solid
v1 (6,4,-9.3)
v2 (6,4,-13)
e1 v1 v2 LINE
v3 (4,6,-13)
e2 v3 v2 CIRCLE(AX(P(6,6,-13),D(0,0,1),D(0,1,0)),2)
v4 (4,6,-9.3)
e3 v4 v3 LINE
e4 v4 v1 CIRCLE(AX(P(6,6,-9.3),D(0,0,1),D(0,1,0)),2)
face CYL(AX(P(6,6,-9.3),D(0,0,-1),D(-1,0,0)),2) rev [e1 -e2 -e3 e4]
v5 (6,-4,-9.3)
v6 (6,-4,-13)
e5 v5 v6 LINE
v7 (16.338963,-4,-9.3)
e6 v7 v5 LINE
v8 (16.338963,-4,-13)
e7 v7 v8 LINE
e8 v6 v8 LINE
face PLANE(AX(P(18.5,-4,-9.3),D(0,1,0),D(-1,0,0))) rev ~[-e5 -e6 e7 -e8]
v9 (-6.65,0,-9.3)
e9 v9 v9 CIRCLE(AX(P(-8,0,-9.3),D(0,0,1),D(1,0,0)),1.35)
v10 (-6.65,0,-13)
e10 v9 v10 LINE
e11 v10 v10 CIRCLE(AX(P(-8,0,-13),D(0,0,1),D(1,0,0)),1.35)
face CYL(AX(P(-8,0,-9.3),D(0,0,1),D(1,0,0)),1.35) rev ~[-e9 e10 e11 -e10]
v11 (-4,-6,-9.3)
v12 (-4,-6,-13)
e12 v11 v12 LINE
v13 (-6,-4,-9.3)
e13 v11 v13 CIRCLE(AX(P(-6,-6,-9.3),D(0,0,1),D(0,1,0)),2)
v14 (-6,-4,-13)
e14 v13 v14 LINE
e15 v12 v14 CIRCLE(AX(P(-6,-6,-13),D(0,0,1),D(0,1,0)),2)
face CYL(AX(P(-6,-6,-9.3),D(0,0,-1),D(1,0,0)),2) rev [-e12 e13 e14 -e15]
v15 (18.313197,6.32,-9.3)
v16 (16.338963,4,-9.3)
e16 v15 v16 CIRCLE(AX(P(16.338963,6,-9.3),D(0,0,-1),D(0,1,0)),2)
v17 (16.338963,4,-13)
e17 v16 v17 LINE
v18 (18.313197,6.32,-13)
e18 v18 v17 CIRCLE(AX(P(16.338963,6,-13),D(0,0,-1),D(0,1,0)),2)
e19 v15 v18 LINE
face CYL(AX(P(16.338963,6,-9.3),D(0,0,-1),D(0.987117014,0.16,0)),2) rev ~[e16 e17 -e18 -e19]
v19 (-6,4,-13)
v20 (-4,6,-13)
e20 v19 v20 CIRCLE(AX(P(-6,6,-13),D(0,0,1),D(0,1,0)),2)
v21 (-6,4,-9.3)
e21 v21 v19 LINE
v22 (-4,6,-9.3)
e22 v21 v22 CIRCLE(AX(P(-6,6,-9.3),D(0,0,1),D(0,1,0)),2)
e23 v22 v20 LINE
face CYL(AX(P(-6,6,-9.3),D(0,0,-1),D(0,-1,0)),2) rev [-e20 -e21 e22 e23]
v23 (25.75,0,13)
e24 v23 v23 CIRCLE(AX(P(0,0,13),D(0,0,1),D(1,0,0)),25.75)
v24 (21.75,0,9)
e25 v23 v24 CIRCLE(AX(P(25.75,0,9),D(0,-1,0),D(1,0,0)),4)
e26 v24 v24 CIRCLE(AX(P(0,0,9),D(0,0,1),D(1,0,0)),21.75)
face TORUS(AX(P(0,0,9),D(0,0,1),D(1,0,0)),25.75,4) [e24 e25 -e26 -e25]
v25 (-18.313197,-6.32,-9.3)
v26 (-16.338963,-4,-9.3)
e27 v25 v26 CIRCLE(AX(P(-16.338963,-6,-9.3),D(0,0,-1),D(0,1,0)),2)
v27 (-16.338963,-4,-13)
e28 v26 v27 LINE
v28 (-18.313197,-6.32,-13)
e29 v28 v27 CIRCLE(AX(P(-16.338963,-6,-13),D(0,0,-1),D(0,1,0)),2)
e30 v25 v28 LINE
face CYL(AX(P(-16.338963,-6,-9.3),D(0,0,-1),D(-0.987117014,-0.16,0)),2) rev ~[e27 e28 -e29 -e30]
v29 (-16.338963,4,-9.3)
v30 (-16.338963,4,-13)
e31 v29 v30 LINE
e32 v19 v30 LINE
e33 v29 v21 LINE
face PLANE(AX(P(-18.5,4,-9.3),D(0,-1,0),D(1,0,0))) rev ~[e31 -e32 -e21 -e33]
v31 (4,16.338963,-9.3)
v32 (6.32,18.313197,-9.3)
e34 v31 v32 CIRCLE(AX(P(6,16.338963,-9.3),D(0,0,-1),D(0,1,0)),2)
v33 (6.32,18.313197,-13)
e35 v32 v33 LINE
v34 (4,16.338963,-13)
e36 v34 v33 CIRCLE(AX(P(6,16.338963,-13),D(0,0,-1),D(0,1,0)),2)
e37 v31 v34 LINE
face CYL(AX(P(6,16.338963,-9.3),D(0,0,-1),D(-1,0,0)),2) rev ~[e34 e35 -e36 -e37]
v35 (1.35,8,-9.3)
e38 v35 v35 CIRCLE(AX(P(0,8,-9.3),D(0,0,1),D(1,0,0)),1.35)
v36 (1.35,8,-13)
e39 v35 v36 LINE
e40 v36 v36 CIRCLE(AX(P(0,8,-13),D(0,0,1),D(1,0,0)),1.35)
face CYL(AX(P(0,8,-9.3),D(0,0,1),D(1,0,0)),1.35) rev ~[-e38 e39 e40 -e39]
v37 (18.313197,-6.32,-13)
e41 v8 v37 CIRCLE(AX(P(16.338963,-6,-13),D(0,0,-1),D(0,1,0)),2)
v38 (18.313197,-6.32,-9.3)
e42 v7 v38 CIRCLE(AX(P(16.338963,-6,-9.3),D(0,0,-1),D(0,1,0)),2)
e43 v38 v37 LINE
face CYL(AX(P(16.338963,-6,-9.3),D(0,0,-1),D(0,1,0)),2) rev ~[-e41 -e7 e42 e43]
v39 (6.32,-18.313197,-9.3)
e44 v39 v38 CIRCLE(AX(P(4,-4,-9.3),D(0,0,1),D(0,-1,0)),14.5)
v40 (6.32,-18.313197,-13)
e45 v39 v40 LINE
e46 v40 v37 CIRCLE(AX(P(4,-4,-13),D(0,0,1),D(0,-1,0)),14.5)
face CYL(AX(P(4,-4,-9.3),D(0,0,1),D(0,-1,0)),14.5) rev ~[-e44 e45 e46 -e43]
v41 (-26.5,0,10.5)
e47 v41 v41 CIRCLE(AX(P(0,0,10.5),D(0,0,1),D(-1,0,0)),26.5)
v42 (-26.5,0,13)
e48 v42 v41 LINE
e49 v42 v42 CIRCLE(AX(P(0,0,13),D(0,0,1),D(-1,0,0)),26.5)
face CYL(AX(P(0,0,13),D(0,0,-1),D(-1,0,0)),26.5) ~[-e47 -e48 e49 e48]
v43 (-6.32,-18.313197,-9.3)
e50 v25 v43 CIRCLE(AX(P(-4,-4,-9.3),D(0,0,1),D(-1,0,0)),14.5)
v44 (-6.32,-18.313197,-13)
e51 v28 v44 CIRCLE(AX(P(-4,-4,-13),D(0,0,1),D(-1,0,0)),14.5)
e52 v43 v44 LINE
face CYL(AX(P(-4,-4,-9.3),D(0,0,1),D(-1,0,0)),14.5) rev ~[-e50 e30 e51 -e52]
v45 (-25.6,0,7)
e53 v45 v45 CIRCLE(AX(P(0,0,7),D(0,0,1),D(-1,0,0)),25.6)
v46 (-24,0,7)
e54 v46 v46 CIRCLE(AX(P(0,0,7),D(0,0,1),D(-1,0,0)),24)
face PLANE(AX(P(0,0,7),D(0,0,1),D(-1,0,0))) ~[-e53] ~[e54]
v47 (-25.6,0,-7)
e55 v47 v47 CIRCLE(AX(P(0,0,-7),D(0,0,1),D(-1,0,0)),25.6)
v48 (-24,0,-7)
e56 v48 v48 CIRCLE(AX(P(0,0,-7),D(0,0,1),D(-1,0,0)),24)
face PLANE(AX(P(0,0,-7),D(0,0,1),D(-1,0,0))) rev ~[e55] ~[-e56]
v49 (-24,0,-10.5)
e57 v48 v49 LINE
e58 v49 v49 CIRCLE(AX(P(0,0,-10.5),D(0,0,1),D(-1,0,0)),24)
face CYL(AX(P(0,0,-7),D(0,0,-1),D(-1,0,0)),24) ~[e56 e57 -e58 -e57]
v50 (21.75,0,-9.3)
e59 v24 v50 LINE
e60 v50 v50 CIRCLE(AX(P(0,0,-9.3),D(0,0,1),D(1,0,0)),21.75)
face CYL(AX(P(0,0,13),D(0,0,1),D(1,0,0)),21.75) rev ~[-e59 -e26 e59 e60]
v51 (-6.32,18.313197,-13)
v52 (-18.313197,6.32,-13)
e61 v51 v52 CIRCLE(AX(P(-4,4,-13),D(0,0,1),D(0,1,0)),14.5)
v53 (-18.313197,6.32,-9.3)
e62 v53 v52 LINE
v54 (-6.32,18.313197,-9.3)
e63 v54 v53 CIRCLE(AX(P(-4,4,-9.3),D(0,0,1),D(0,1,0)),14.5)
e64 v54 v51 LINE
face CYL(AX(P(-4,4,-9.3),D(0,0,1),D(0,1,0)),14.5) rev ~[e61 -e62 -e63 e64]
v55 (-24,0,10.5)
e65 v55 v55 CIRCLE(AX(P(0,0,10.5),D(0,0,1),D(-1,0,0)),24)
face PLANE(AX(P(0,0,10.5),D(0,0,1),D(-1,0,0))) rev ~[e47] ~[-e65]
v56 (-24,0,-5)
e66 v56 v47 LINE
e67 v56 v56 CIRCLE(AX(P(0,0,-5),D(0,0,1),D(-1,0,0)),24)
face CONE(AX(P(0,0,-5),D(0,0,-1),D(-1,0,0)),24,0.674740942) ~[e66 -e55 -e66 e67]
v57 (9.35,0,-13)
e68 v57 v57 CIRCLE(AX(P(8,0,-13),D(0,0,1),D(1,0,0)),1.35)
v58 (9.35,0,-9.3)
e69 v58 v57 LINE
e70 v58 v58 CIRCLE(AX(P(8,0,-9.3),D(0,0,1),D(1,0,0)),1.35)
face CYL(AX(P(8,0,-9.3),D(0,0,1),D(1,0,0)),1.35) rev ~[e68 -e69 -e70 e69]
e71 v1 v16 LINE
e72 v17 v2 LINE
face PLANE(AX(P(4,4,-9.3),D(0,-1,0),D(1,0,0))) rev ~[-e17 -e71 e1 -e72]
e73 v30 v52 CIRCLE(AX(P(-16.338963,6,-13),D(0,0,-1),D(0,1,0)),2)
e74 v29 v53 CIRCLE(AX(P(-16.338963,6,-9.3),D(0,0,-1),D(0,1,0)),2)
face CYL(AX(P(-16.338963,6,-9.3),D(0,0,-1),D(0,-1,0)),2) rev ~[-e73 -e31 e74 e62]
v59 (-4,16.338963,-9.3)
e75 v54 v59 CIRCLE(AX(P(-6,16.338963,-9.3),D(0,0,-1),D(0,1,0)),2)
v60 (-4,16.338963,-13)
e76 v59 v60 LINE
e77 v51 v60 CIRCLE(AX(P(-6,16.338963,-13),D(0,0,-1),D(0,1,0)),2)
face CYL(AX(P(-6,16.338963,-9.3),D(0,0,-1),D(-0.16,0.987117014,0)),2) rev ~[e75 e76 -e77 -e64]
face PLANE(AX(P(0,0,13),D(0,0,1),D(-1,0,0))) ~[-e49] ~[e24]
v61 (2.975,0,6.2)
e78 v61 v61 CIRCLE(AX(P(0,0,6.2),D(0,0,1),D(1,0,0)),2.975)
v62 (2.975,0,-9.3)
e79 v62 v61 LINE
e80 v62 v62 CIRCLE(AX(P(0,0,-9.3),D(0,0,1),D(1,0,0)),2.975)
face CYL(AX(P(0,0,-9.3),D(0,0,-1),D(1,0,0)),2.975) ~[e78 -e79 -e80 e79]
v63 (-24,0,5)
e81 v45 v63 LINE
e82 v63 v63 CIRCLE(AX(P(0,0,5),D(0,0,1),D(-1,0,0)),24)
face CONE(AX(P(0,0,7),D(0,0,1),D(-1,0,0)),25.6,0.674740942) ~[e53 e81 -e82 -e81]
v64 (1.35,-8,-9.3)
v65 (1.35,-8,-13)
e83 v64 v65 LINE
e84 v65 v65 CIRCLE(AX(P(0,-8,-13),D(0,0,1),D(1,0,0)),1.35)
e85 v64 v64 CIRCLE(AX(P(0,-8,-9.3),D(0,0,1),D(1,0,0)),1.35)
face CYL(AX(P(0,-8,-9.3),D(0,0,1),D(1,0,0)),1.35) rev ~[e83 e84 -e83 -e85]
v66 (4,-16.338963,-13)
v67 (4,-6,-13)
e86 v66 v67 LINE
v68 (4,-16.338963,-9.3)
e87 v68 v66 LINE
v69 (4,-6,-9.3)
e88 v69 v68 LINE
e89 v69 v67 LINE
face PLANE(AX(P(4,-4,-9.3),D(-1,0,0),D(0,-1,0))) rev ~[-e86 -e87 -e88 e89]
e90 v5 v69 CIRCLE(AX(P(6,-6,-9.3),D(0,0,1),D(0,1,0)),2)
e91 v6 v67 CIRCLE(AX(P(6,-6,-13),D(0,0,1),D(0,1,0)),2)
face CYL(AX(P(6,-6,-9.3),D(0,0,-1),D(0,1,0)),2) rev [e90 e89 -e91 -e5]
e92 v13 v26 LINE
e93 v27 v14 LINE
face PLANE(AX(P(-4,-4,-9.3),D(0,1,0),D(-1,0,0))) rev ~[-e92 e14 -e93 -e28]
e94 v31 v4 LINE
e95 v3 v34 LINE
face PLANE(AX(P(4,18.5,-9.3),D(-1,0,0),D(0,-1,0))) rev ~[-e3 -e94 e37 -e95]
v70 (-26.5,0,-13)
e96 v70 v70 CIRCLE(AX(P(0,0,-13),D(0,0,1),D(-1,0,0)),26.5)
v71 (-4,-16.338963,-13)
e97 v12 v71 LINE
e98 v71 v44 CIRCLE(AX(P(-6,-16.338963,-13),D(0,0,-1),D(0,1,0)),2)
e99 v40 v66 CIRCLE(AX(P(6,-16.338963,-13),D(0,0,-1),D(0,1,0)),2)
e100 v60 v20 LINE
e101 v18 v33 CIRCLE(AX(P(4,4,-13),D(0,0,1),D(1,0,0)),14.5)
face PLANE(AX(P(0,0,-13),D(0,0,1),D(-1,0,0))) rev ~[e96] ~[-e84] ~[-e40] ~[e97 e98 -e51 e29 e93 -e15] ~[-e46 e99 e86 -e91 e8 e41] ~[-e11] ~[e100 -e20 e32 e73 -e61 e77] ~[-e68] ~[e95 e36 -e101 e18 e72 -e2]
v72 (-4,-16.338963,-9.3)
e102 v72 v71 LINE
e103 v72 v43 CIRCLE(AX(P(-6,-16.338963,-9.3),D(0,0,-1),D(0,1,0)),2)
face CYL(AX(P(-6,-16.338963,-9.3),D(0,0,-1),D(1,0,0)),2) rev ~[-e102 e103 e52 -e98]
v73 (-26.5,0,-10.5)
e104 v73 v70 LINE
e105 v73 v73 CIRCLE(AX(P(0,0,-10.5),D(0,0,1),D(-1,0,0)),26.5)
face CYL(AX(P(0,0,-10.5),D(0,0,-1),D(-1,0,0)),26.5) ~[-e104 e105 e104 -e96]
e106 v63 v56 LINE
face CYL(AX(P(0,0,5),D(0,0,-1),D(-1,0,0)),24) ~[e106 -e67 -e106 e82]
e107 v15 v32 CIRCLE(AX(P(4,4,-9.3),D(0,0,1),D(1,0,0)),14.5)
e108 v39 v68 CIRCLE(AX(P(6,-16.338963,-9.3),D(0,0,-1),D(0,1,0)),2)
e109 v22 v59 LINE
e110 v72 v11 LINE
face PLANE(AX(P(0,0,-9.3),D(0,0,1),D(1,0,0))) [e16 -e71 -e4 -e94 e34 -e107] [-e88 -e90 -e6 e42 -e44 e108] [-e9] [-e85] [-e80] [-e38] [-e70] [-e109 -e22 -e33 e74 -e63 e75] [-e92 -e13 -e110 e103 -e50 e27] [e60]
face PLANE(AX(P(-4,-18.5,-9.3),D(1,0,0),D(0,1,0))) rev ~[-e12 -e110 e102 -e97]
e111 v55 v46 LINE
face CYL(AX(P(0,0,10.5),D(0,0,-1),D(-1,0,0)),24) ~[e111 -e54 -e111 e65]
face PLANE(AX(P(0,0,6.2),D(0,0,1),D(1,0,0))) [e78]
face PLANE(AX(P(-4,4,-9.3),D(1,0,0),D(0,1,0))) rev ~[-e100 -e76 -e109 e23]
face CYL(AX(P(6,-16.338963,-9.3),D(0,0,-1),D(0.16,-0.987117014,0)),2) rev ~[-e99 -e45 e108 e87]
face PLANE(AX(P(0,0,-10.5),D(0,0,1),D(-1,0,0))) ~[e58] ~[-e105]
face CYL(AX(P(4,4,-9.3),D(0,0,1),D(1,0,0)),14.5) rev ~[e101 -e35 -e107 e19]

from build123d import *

# Parameters (mm, degrees)
SKETCH_3_R          = 21.75
CUT_EXTRUDE_1_DEPTH = 22.3
FILLET_1_R          = 4
CUT_EXTRUDE_3_REACH = 45.61
SKETCH_4_R          = 1.35
SKETCH_6_R          = 2.975
EXTRUDE_2_DEPTH     = 15.5
FILLET_2_R          = 2


with BuildPart() as part:
    # 草图1 → 旋转1 (revolve)
    with BuildSketch(Plane(origin=(0, 0, 0), x_dir=(0, 0, -1), z_dir=(1, 0, 0))):
        Polygon((-5, 24), (5, 24), (7, 25.6), (7, 24), (10.5, 24), (10.5, 26.5), (13, 26.5), (13, 0), (-13, 0), (-13, 26.5), (-10.5, 26.5), (-10.5, 24), (-7, 24), (-7, 25.6), align=None)
    revolve(axis=Axis((0, 0, -13), (0, 0, 1)))

    # 草图3 → 切除-拉伸1 (cut)
    with BuildSketch(Plane.XY.offset(13)):
        Circle(SKETCH_3_R)
    extrude(amount=-CUT_EXTRUDE_1_DEPTH, mode=Mode.SUBTRACT)

    # 圆角1
    fillet_1_edges = [part.edges().sort_by_distance(p)[0] for p in [
        (-21.75, 0, 13),
    ]]
    fillet(fillet_1_edges, radius=FILLET_1_R)

    # 草图4 → 切除-拉伸3 (cut, up to next)
    with BuildSketch(Plane.XY.offset(-9.3), mode=Mode.PRIVATE) as cut_extrude_3_sk1:
        with Locations((8, 0)):
            Circle(SKETCH_4_R)
    cut_extrude_3_tool1 = extrude(cut_extrude_3_sk1.sketch, amount=-CUT_EXTRUDE_3_REACH, mode=Mode.PRIVATE) & part.part
    # 草图4 → 切除-拉伸3 (cut, up to next)
    with BuildSketch(Plane.XY.offset(-9.3), mode=Mode.PRIVATE) as cut_extrude_3_sk2:
        with BuildLine():
            Line((-18.5, 4), (-4, 4))
            Line((-4, 4), (-4, 18.5))
            ThreePointArc((-4, 18.5), (-14.253048327, 14.253048327), (-18.5, 4))
        make_face()
    cut_extrude_3_tool2 = extrude(cut_extrude_3_sk2.sketch, amount=-CUT_EXTRUDE_3_REACH, mode=Mode.PRIVATE) & part.part
    # 草图4 → 切除-拉伸3 (cut, up to next)
    with BuildSketch(Plane.XY.offset(-9.3), mode=Mode.PRIVATE) as cut_extrude_3_sk3:
        with BuildLine():
            Line((4, 18.5), (4, 4))
            Line((4, 4), (18.5, 4))
            ThreePointArc((18.5, 4), (14.253048327, 14.253048327), (4, 18.5))
        make_face()
    cut_extrude_3_tool3 = extrude(cut_extrude_3_sk3.sketch, amount=-CUT_EXTRUDE_3_REACH, mode=Mode.PRIVATE) & part.part
    # 草图4 → 切除-拉伸3 (cut, up to next)
    with BuildSketch(Plane.XY.offset(-9.3), mode=Mode.PRIVATE) as cut_extrude_3_sk4:
        with BuildLine():
            Line((18.5, -4), (4, -4))
            Line((4, -4), (4, -18.5))
            ThreePointArc((4, -18.5), (14.253048327, -14.253048327), (18.5, -4))
        make_face()
    cut_extrude_3_tool4 = extrude(cut_extrude_3_sk4.sketch, amount=-CUT_EXTRUDE_3_REACH, mode=Mode.PRIVATE) & part.part
    # 草图4 → 切除-拉伸3 (cut, up to next)
    with BuildSketch(Plane.XY.offset(-9.3), mode=Mode.PRIVATE) as cut_extrude_3_sk5:
        with BuildLine():
            Line((-4, -18.5), (-4, -4))
            Line((-4, -4), (-18.5, -4))
            ThreePointArc((-18.5, -4), (-14.253048327, -14.253048327), (-4, -18.5))
        make_face()
    cut_extrude_3_tool5 = extrude(cut_extrude_3_sk5.sketch, amount=-CUT_EXTRUDE_3_REACH, mode=Mode.PRIVATE) & part.part
    # 草图4 → 切除-拉伸3 (cut, up to next)
    with BuildSketch(Plane.XY.offset(-9.3), mode=Mode.PRIVATE) as cut_extrude_3_sk6:
        with Locations((0, -8)):
            Circle(SKETCH_4_R)
    cut_extrude_3_tool6 = extrude(cut_extrude_3_sk6.sketch, amount=-CUT_EXTRUDE_3_REACH, mode=Mode.PRIVATE) & part.part
    # 草图4 → 切除-拉伸3 (cut, up to next)
    with BuildSketch(Plane.XY.offset(-9.3), mode=Mode.PRIVATE) as cut_extrude_3_sk7:
        with Locations((-8, 0)):
            Circle(SKETCH_4_R)
    cut_extrude_3_tool7 = extrude(cut_extrude_3_sk7.sketch, amount=-CUT_EXTRUDE_3_REACH, mode=Mode.PRIVATE) & part.part
    # 草图4 → 切除-拉伸3 (cut, up to next)
    with BuildSketch(Plane.XY.offset(-9.3), mode=Mode.PRIVATE) as cut_extrude_3_sk8:
        with Locations((0, 8)):
            Circle(SKETCH_4_R)
    cut_extrude_3_tool8 = extrude(cut_extrude_3_sk8.sketch, amount=-CUT_EXTRUDE_3_REACH, mode=Mode.PRIVATE) & part.part
    add(cut_extrude_3_tool1.solids().sort_by_distance((8, 0, -9.3))[0], mode=Mode.SUBTRACT)
    add(cut_extrude_3_tool2.solids().sort_by_distance((-10.153991, 10.153991, -9.3))[0], mode=Mode.SUBTRACT)
    add(cut_extrude_3_tool3.solids().sort_by_distance((10.153991, 10.153991, -9.3))[0], mode=Mode.SUBTRACT)
    add(cut_extrude_3_tool4.solids().sort_by_distance((10.153991, -10.153991, -9.3))[0], mode=Mode.SUBTRACT)
    add(cut_extrude_3_tool5.solids().sort_by_distance((-10.153991, -10.153991, -9.3))[0], mode=Mode.SUBTRACT)
    add(cut_extrude_3_tool6.solids().sort_by_distance((0, -8, -9.3))[0], mode=Mode.SUBTRACT)
    add(cut_extrude_3_tool7.solids().sort_by_distance((-8, 0, -9.3))[0], mode=Mode.SUBTRACT)
    add(cut_extrude_3_tool8.solids().sort_by_distance((0, 8, -9.3))[0], mode=Mode.SUBTRACT)

    # 草图6 → 凸台-拉伸2 (add)
    with BuildSketch(Plane.XY.offset(-9.3)):
        Circle(SKETCH_6_R)
    extrude(amount=EXTRUDE_2_DEPTH)

    # 圆角2
    fillet_2_edges = [part.edges().sort_by_distance(p)[0] for p in [
        (18.5, -4, -11.15),
        (4, -18.5, -11.15),
        (4, -4, -11.15),
        (4, 18.5, -11.15),
        (18.5, 4, -11.15),
        (4, 4, -11.15),
        (-4, 18.5, -11.15),
        (-4, 4, -11.15),
        (-18.5, 4, -11.15),
        (-4, -4, -11.15),
        (-18.5, -4, -11.15),
        (-4, -18.5, -11.15),
    ]]
    fillet(fillet_2_edges, radius=FILLET_2_R)


solid = part.part
